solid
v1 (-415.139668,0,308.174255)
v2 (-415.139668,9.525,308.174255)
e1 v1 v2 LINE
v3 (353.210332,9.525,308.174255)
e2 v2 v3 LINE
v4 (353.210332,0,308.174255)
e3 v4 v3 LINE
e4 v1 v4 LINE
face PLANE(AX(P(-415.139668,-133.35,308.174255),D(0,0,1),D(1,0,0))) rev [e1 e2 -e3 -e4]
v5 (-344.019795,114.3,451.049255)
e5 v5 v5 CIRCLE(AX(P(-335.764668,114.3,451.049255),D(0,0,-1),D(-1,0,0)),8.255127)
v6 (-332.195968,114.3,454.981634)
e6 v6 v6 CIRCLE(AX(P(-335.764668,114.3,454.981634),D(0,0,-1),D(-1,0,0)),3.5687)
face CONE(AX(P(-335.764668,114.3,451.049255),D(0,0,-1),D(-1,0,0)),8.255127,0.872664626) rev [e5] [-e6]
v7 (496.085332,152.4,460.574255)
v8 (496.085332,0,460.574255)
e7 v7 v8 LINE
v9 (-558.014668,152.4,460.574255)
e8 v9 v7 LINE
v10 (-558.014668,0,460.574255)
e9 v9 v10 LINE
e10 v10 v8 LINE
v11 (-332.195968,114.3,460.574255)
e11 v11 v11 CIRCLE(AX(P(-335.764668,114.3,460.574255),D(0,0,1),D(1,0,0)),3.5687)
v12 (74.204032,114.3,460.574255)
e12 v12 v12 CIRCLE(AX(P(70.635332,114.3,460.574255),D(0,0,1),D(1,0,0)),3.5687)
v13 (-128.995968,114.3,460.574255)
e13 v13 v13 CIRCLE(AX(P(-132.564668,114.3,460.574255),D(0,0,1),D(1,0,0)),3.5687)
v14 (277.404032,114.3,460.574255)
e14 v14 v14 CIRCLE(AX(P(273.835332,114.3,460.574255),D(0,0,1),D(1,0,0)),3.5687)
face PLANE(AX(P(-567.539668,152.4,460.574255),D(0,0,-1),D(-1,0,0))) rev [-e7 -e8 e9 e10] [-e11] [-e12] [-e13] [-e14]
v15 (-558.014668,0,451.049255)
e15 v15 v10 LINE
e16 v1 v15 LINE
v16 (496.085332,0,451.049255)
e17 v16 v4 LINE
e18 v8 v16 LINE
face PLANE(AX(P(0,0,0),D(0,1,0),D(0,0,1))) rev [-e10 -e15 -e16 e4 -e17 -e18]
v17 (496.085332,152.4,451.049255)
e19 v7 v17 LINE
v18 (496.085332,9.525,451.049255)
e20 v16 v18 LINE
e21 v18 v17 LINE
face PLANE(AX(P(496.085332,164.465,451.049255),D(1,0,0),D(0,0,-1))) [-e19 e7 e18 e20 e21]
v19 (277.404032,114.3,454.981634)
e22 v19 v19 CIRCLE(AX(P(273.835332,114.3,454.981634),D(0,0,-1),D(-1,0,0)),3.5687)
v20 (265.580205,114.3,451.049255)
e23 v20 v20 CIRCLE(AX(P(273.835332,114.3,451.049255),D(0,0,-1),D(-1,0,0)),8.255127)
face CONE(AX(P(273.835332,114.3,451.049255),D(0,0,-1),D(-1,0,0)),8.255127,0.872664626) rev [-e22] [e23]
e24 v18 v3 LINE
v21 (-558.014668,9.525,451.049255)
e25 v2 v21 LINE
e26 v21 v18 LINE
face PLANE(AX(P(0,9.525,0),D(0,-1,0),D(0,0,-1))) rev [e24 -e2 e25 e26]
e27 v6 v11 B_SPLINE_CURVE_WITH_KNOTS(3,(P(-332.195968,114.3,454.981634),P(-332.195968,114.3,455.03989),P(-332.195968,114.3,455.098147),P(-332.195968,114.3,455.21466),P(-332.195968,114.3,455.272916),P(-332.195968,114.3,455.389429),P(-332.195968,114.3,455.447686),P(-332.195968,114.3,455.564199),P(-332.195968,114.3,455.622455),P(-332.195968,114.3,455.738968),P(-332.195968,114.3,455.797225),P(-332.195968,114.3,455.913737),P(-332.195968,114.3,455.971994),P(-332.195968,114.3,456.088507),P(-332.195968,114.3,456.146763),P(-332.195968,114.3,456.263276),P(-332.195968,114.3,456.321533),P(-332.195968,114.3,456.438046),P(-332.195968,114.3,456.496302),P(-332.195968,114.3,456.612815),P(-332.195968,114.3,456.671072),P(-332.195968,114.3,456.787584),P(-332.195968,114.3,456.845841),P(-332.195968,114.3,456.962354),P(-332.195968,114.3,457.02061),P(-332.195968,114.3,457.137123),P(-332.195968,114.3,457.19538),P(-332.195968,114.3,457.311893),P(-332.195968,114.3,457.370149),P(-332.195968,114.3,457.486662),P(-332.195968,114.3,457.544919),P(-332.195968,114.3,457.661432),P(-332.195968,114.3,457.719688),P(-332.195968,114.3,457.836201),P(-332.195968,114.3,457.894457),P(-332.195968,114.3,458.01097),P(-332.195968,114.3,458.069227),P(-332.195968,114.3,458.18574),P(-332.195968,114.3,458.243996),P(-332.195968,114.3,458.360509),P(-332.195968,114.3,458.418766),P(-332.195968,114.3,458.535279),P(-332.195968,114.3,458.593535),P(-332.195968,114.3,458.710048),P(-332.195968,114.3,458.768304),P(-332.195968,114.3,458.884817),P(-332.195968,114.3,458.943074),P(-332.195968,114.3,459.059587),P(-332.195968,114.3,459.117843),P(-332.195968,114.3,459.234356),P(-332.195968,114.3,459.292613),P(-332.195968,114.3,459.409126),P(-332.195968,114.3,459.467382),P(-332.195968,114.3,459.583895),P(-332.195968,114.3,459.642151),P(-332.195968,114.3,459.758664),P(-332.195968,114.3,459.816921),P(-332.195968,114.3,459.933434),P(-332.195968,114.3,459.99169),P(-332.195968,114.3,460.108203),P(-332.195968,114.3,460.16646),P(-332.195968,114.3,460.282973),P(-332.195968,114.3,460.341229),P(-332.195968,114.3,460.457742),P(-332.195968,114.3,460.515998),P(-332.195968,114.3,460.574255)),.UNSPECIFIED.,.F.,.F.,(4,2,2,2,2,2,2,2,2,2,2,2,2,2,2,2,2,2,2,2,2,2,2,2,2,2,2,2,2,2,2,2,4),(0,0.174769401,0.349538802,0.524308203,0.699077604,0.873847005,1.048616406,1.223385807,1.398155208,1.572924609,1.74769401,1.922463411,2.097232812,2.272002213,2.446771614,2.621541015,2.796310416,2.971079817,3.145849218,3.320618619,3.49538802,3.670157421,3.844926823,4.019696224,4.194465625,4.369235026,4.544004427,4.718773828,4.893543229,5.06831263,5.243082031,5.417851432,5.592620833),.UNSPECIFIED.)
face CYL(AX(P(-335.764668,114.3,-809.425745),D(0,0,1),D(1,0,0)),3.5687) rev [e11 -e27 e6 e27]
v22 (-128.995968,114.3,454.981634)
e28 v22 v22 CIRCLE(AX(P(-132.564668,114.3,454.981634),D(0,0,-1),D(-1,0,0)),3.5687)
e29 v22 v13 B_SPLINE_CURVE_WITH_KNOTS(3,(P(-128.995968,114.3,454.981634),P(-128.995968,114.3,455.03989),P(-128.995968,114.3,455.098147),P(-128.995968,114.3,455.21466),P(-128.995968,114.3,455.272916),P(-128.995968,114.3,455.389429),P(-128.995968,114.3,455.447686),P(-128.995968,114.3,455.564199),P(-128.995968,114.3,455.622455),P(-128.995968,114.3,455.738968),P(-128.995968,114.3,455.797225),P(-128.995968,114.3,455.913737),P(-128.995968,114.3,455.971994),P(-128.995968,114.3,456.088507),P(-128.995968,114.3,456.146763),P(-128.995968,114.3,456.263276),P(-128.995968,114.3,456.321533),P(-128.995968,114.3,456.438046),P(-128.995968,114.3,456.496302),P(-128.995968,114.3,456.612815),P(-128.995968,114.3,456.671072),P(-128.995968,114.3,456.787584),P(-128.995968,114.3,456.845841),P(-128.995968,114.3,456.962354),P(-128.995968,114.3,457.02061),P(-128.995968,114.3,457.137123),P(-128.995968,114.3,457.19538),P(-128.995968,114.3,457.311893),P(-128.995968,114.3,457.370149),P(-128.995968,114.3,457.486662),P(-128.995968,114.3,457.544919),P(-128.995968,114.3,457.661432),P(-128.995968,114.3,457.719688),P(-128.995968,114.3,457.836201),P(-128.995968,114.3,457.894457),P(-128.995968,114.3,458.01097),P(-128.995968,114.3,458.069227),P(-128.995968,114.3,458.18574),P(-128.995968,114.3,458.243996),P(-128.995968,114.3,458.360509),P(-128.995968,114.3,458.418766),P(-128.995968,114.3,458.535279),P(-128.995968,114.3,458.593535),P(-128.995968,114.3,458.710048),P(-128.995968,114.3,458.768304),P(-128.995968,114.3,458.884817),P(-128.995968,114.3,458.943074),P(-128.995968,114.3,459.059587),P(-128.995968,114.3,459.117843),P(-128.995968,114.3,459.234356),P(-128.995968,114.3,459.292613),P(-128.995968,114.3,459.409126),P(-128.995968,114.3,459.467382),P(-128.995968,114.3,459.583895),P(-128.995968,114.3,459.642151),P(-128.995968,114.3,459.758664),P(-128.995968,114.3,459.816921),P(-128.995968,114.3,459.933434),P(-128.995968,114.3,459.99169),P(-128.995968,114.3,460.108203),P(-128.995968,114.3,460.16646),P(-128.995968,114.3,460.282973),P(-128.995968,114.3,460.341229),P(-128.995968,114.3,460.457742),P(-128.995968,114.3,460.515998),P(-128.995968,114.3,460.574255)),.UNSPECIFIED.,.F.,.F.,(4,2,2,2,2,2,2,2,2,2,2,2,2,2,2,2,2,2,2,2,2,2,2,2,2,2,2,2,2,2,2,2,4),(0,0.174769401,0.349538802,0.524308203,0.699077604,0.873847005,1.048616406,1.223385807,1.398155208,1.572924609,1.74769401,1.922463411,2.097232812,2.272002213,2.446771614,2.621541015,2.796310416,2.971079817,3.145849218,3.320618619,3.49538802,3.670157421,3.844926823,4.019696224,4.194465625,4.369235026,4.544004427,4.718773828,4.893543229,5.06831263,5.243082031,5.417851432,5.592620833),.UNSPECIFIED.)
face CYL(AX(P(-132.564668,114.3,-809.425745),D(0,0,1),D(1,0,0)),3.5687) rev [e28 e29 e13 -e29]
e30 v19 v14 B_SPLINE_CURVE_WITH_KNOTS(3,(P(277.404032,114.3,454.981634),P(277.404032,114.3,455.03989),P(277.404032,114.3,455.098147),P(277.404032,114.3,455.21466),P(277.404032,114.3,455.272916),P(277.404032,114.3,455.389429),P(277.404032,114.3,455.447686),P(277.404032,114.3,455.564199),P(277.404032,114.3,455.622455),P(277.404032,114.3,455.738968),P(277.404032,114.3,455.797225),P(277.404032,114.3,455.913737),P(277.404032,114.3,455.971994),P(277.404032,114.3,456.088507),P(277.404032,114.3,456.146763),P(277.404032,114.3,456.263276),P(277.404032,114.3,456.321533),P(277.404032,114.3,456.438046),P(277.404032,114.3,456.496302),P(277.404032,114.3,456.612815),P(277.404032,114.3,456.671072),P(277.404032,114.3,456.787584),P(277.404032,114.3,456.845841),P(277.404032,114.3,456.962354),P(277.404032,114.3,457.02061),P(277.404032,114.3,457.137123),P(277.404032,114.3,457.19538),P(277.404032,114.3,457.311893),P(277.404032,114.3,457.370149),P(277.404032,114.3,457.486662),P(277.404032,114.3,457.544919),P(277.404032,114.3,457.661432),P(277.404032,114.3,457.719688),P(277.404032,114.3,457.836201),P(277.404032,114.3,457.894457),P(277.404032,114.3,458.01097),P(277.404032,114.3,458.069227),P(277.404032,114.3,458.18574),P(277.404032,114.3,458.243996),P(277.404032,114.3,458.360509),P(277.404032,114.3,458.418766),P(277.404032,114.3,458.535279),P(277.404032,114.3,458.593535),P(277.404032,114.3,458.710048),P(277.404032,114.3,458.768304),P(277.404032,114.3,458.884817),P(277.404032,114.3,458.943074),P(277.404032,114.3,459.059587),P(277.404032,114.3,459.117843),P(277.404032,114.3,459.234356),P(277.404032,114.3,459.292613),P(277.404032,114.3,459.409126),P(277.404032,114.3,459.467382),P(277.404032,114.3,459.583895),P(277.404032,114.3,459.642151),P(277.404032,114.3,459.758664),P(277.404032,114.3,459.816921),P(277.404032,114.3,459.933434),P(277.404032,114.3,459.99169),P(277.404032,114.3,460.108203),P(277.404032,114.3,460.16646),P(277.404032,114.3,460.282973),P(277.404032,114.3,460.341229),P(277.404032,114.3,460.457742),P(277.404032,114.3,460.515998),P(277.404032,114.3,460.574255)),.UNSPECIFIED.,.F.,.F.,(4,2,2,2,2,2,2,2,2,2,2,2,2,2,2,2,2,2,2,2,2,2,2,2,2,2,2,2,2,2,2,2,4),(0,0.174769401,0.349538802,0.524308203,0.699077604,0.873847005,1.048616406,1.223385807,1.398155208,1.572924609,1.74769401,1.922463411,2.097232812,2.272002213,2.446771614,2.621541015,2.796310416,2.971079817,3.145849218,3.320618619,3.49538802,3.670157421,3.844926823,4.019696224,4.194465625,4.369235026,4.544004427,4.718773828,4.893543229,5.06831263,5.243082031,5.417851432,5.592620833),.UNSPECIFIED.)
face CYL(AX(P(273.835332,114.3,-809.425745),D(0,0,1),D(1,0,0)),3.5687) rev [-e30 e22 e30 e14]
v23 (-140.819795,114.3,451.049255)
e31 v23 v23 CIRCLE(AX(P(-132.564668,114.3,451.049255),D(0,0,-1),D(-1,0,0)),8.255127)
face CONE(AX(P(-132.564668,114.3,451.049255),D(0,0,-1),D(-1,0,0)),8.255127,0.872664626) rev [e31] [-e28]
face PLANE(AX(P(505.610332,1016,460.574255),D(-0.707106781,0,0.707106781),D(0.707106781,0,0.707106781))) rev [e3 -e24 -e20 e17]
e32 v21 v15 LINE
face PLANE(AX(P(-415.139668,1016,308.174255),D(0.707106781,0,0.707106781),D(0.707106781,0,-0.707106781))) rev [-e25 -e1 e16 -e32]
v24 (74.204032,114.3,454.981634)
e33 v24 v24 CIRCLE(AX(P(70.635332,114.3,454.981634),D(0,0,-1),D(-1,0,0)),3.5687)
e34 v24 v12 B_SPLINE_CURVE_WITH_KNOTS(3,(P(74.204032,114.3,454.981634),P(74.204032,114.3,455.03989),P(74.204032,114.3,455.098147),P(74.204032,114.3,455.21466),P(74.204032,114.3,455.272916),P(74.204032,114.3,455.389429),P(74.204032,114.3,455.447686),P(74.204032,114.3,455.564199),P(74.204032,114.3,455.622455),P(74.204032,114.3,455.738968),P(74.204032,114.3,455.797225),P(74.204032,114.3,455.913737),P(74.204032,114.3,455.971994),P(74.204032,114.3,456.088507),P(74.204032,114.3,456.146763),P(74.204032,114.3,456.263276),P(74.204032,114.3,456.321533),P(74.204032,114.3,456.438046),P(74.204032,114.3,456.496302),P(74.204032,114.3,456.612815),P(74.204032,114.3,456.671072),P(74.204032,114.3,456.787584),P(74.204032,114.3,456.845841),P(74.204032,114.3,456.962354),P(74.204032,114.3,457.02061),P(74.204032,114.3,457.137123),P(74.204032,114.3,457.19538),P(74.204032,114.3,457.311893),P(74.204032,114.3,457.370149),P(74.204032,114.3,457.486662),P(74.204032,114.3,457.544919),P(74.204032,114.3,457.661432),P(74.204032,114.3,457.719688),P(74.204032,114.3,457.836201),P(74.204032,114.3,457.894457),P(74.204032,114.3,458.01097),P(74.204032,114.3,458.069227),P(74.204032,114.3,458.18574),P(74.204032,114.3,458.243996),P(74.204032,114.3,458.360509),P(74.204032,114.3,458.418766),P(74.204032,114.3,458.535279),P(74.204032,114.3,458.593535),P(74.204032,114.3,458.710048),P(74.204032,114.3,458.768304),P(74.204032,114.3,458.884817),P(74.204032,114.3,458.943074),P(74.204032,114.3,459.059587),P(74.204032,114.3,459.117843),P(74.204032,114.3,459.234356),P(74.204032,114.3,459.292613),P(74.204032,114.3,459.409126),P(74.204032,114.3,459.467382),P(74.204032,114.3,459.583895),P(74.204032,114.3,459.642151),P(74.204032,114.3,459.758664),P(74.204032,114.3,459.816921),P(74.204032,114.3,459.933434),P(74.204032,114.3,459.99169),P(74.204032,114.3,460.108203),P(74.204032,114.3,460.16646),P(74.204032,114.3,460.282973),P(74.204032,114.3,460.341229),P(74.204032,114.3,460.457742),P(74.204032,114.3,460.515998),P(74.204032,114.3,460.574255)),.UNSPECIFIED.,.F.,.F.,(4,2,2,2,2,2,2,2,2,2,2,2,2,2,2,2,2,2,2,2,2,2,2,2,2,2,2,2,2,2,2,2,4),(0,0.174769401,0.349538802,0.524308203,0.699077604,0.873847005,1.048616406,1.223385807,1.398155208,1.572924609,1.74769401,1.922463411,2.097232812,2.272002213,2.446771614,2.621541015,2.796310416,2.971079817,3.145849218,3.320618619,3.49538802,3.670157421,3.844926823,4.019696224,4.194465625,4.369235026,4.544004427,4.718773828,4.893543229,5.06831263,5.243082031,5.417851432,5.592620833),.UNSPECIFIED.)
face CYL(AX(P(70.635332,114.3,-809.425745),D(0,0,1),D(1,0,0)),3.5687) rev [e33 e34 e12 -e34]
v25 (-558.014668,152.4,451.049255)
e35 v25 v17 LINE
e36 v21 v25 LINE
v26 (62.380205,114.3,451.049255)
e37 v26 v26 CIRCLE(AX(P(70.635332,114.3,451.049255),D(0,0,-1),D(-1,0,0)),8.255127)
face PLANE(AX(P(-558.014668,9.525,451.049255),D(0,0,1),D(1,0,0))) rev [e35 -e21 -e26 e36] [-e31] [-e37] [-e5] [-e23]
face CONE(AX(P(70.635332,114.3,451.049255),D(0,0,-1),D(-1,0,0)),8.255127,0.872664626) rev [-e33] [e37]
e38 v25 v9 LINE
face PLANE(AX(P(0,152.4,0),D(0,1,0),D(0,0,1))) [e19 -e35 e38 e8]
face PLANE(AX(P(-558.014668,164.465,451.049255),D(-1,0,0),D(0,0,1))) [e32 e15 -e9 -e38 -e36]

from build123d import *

# Parameters (mm, degrees)
SKETCH2_W                                           = 1073.15
SKETCH2_H                                           = 1073.15
BOSS_EXTRUDE2_DEPTH                                 = 152.4
SKETCH6_W                                           = 1054.1
SKETCH6_H                                           = 1054.1
CUT_EXTRUDE3_DEPTH                                  = 142.875
SKETCH7_W                                           = 768.35
SKETCH7_H                                           = 768.35
CUT_EXTRUDE4_DEPTH                                  = 142.875
SKETCH8_R                                           = 3.5687
CUT_EXTRUDE5_DEPTH                                  = 1270
SKETCH9_R                                           = 2.50063
CUT_EXTRUDE6_DEPTH                                  = 1270
CUT_EXTRUDE7_DEPTH                                  = 1016
CUT_EXTRUDE8_DEPTH                                  = 154.94
CUT_EXTRUDE8_DEPTH_BACK                             = 10.16
CSK_FOR_1_4_FLAT_HEAD_MACHINE_SCREW_100_D           = 6.7564
CSK_FOR_1_4_FLAT_HEAD_MACHINE_SCREW_100_CSINK_D     = 16.510254
CSK_FOR_1_4_FLAT_HEAD_MACHINE_SCREW_100_CSINK_ANGLE = 100
CSK_FOR_1_4_FLAT_HEAD_MACHINE_SCREW_2_D             = 6.7564
CSK_FOR_1_4_FLAT_HEAD_MACHINE_SCREW_2_CSINK_D       = 16.510254
CSK_FOR_1_4_FLAT_HEAD_MACHINE_SCREW_2_CSINK_ANGLE   = 100
CSK_FOR_1_4_FLAT_HEAD_MACHINE_SCREW_3_D             = 6.7564
CSK_FOR_1_4_FLAT_HEAD_MACHINE_SCREW_3_CSINK_D       = 16.510254
CSK_FOR_1_4_FLAT_HEAD_MACHINE_SCREW_3_CSINK_ANGLE   = 100
CSK_FOR_1_4_FLAT_HEAD_MACHINE_SCREW_4_D             = 6.7564
CSK_FOR_1_4_FLAT_HEAD_MACHINE_SCREW_4_CSINK_D       = 16.510254
CSK_FOR_1_4_FLAT_HEAD_MACHINE_SCREW_4_CSINK_ANGLE   = 100


with BuildPart() as part:
    # Sketch2 → Boss-Extrude2 (new body)
    with BuildSketch(Plane(origin=(0, 0, 0), x_dir=(1, 0, 0), z_dir=(0, 1, 0))):
        with Locations((-30.964668371, 76.000745145)):
            Rectangle(SKETCH2_W, SKETCH2_H)
    extrude(amount=BOSS_EXTRUDE2_DEPTH)

    # Sketch6 → Cut-Extrude3 (cut)
    with BuildSketch(Plane(origin=(0, 152.4, 0), x_dir=(1, 0, 0), z_dir=(0, 1, 0))):
        with Locations((-30.964668371, 76.000745145)):
            Rectangle(SKETCH6_W, SKETCH6_H)
    extrude(amount=-CUT_EXTRUDE3_DEPTH, mode=Mode.SUBTRACT)

    # Sketch7 → Cut-Extrude4 (cut)
    with BuildSketch(Plane(origin=(0, 9.525, 0), x_dir=(1, 0, 0), z_dir=(0, 1, 0))):
        with Locations((-30.964668371, 76.000745145)):
            Rectangle(SKETCH7_W, SKETCH7_H)
    extrude(amount=-CUT_EXTRUDE4_DEPTH, mode=Mode.SUBTRACT)

    # Sketch8 → Cut-Extrude5 (cut)
    with BuildSketch(Plane.XY.offset(460.574254855)):
        with Locations((273.835331629, 114.3)):
            Circle(SKETCH8_R)
        with Locations((70.635331629, 114.3)):
            Circle(SKETCH8_R)
        with Locations((-132.564668371, 114.3)):
            Circle(SKETCH8_R)
        with Locations((-335.764668371, 114.3)):
            Circle(SKETCH8_R)
    extrude(amount=-CUT_EXTRUDE5_DEPTH, mode=Mode.SUBTRACT)

    # Sketch9 → Cut-Extrude6 (cut)
    with BuildSketch(Plane.ZY.offset(567.539668371)):
        with Locations((295.474254855, 114.3)):
            Circle(SKETCH9_R)
        with Locations((146.884254855, 114.3)):
            Circle(SKETCH9_R)
        with Locations((-1.705745145, 114.3)):
            Circle(SKETCH9_R)
        with Locations((-150.295745145, 114.3)):
            Circle(SKETCH9_R)
        with Locations((-298.885745145, 114.3)):
            Circle(SKETCH9_R)
        with Locations((-447.475745145, 114.3)):
            Circle(SKETCH9_R)
    extrude(amount=-CUT_EXTRUDE6_DEPTH, mode=Mode.SUBTRACT)

    # Sketch10 → Cut-Extrude7 (cut)
    with BuildSketch(Plane.XZ):
        Polygon((-415.139668371, -460.175745145), (-415.139668371, 308.174254855), (-567.539668371, 460.574254855), (-567.539668371, -612.575745145), (505.610331629, -612.575745145), (505.610331629, 460.574254855), (353.210331629, 308.174254855), (353.210331629, -460.175745145), align=None)
    extrude(amount=-CUT_EXTRUDE7_DEPTH, mode=Mode.SUBTRACT)

    # Sketch11 → Cut-Extrude8 (cut, two sides: drawn at the far end of the back side and taken through both)
    with BuildSketch(Plane(origin=(0, 9.525, 0), x_dir=(1, 0, 0), z_dir=(0, 1, 0)).offset(-CUT_EXTRUDE8_DEPTH_BACK)):
        Polygon((-567.539668371, -460.574254855), (-558.014668371, -451.049254855), (-558.014668371, -460.574254855), align=None)
        Polygon((496.085331629, -451.049254855), (505.610331629, -460.574254855), (496.085331629, -460.574254855), align=None)
    extrude(amount=CUT_EXTRUDE8_DEPTH + CUT_EXTRUDE8_DEPTH_BACK, mode=Mode.SUBTRACT)

    # CSK for 1_4 Flat Head Machine Screw _100 (through all)
    with Locations(Plane(origin=(273.835331629, 114.3, 451.049254855), x_dir=(-1, 0, 0), z_dir=(0, 0, -1))):
        with Locations((0, 0)):
            CounterSinkHole(CSK_FOR_1_4_FLAT_HEAD_MACHINE_SCREW_100_D / 2, CSK_FOR_1_4_FLAT_HEAD_MACHINE_SCREW_100_CSINK_D / 2, counter_sink_angle=CSK_FOR_1_4_FLAT_HEAD_MACHINE_SCREW_100_CSINK_ANGLE)

    # CSK for 1_4 Flat Head Machine Screw  2 (through all)
    with Locations(Plane(origin=(70.635331629, 114.3, 451.049254855), x_dir=(-1, 0, 0), z_dir=(0, 0, -1))):
        with Locations((0, 0)):
            CounterSinkHole(CSK_FOR_1_4_FLAT_HEAD_MACHINE_SCREW_2_D / 2, CSK_FOR_1_4_FLAT_HEAD_MACHINE_SCREW_2_CSINK_D / 2, counter_sink_angle=CSK_FOR_1_4_FLAT_HEAD_MACHINE_SCREW_2_CSINK_ANGLE)

    # CSK for 1_4 Flat Head Machine Screw  3 (through all)
    with Locations(Plane(origin=(-132.564668371, 114.3, 451.049254855), x_dir=(-1, 0, 0), z_dir=(0, 0, -1))):
        with Locations((0, 0)):
            CounterSinkHole(CSK_FOR_1_4_FLAT_HEAD_MACHINE_SCREW_3_D / 2, CSK_FOR_1_4_FLAT_HEAD_MACHINE_SCREW_3_CSINK_D / 2, counter_sink_angle=CSK_FOR_1_4_FLAT_HEAD_MACHINE_SCREW_3_CSINK_ANGLE)

    # CSK for 1_4 Flat Head Machine Screw  4 (through all)
    with Locations(Plane(origin=(-335.764668371, 114.3, 451.049254855), x_dir=(-1, 0, 0), z_dir=(0, 0, -1))):
        with Locations((0, 0)):
            CounterSinkHole(CSK_FOR_1_4_FLAT_HEAD_MACHINE_SCREW_4_D / 2, CSK_FOR_1_4_FLAT_HEAD_MACHINE_SCREW_4_CSINK_D / 2, counter_sink_angle=CSK_FOR_1_4_FLAT_HEAD_MACHINE_SCREW_4_CSINK_ANGLE)


solid = part.part
